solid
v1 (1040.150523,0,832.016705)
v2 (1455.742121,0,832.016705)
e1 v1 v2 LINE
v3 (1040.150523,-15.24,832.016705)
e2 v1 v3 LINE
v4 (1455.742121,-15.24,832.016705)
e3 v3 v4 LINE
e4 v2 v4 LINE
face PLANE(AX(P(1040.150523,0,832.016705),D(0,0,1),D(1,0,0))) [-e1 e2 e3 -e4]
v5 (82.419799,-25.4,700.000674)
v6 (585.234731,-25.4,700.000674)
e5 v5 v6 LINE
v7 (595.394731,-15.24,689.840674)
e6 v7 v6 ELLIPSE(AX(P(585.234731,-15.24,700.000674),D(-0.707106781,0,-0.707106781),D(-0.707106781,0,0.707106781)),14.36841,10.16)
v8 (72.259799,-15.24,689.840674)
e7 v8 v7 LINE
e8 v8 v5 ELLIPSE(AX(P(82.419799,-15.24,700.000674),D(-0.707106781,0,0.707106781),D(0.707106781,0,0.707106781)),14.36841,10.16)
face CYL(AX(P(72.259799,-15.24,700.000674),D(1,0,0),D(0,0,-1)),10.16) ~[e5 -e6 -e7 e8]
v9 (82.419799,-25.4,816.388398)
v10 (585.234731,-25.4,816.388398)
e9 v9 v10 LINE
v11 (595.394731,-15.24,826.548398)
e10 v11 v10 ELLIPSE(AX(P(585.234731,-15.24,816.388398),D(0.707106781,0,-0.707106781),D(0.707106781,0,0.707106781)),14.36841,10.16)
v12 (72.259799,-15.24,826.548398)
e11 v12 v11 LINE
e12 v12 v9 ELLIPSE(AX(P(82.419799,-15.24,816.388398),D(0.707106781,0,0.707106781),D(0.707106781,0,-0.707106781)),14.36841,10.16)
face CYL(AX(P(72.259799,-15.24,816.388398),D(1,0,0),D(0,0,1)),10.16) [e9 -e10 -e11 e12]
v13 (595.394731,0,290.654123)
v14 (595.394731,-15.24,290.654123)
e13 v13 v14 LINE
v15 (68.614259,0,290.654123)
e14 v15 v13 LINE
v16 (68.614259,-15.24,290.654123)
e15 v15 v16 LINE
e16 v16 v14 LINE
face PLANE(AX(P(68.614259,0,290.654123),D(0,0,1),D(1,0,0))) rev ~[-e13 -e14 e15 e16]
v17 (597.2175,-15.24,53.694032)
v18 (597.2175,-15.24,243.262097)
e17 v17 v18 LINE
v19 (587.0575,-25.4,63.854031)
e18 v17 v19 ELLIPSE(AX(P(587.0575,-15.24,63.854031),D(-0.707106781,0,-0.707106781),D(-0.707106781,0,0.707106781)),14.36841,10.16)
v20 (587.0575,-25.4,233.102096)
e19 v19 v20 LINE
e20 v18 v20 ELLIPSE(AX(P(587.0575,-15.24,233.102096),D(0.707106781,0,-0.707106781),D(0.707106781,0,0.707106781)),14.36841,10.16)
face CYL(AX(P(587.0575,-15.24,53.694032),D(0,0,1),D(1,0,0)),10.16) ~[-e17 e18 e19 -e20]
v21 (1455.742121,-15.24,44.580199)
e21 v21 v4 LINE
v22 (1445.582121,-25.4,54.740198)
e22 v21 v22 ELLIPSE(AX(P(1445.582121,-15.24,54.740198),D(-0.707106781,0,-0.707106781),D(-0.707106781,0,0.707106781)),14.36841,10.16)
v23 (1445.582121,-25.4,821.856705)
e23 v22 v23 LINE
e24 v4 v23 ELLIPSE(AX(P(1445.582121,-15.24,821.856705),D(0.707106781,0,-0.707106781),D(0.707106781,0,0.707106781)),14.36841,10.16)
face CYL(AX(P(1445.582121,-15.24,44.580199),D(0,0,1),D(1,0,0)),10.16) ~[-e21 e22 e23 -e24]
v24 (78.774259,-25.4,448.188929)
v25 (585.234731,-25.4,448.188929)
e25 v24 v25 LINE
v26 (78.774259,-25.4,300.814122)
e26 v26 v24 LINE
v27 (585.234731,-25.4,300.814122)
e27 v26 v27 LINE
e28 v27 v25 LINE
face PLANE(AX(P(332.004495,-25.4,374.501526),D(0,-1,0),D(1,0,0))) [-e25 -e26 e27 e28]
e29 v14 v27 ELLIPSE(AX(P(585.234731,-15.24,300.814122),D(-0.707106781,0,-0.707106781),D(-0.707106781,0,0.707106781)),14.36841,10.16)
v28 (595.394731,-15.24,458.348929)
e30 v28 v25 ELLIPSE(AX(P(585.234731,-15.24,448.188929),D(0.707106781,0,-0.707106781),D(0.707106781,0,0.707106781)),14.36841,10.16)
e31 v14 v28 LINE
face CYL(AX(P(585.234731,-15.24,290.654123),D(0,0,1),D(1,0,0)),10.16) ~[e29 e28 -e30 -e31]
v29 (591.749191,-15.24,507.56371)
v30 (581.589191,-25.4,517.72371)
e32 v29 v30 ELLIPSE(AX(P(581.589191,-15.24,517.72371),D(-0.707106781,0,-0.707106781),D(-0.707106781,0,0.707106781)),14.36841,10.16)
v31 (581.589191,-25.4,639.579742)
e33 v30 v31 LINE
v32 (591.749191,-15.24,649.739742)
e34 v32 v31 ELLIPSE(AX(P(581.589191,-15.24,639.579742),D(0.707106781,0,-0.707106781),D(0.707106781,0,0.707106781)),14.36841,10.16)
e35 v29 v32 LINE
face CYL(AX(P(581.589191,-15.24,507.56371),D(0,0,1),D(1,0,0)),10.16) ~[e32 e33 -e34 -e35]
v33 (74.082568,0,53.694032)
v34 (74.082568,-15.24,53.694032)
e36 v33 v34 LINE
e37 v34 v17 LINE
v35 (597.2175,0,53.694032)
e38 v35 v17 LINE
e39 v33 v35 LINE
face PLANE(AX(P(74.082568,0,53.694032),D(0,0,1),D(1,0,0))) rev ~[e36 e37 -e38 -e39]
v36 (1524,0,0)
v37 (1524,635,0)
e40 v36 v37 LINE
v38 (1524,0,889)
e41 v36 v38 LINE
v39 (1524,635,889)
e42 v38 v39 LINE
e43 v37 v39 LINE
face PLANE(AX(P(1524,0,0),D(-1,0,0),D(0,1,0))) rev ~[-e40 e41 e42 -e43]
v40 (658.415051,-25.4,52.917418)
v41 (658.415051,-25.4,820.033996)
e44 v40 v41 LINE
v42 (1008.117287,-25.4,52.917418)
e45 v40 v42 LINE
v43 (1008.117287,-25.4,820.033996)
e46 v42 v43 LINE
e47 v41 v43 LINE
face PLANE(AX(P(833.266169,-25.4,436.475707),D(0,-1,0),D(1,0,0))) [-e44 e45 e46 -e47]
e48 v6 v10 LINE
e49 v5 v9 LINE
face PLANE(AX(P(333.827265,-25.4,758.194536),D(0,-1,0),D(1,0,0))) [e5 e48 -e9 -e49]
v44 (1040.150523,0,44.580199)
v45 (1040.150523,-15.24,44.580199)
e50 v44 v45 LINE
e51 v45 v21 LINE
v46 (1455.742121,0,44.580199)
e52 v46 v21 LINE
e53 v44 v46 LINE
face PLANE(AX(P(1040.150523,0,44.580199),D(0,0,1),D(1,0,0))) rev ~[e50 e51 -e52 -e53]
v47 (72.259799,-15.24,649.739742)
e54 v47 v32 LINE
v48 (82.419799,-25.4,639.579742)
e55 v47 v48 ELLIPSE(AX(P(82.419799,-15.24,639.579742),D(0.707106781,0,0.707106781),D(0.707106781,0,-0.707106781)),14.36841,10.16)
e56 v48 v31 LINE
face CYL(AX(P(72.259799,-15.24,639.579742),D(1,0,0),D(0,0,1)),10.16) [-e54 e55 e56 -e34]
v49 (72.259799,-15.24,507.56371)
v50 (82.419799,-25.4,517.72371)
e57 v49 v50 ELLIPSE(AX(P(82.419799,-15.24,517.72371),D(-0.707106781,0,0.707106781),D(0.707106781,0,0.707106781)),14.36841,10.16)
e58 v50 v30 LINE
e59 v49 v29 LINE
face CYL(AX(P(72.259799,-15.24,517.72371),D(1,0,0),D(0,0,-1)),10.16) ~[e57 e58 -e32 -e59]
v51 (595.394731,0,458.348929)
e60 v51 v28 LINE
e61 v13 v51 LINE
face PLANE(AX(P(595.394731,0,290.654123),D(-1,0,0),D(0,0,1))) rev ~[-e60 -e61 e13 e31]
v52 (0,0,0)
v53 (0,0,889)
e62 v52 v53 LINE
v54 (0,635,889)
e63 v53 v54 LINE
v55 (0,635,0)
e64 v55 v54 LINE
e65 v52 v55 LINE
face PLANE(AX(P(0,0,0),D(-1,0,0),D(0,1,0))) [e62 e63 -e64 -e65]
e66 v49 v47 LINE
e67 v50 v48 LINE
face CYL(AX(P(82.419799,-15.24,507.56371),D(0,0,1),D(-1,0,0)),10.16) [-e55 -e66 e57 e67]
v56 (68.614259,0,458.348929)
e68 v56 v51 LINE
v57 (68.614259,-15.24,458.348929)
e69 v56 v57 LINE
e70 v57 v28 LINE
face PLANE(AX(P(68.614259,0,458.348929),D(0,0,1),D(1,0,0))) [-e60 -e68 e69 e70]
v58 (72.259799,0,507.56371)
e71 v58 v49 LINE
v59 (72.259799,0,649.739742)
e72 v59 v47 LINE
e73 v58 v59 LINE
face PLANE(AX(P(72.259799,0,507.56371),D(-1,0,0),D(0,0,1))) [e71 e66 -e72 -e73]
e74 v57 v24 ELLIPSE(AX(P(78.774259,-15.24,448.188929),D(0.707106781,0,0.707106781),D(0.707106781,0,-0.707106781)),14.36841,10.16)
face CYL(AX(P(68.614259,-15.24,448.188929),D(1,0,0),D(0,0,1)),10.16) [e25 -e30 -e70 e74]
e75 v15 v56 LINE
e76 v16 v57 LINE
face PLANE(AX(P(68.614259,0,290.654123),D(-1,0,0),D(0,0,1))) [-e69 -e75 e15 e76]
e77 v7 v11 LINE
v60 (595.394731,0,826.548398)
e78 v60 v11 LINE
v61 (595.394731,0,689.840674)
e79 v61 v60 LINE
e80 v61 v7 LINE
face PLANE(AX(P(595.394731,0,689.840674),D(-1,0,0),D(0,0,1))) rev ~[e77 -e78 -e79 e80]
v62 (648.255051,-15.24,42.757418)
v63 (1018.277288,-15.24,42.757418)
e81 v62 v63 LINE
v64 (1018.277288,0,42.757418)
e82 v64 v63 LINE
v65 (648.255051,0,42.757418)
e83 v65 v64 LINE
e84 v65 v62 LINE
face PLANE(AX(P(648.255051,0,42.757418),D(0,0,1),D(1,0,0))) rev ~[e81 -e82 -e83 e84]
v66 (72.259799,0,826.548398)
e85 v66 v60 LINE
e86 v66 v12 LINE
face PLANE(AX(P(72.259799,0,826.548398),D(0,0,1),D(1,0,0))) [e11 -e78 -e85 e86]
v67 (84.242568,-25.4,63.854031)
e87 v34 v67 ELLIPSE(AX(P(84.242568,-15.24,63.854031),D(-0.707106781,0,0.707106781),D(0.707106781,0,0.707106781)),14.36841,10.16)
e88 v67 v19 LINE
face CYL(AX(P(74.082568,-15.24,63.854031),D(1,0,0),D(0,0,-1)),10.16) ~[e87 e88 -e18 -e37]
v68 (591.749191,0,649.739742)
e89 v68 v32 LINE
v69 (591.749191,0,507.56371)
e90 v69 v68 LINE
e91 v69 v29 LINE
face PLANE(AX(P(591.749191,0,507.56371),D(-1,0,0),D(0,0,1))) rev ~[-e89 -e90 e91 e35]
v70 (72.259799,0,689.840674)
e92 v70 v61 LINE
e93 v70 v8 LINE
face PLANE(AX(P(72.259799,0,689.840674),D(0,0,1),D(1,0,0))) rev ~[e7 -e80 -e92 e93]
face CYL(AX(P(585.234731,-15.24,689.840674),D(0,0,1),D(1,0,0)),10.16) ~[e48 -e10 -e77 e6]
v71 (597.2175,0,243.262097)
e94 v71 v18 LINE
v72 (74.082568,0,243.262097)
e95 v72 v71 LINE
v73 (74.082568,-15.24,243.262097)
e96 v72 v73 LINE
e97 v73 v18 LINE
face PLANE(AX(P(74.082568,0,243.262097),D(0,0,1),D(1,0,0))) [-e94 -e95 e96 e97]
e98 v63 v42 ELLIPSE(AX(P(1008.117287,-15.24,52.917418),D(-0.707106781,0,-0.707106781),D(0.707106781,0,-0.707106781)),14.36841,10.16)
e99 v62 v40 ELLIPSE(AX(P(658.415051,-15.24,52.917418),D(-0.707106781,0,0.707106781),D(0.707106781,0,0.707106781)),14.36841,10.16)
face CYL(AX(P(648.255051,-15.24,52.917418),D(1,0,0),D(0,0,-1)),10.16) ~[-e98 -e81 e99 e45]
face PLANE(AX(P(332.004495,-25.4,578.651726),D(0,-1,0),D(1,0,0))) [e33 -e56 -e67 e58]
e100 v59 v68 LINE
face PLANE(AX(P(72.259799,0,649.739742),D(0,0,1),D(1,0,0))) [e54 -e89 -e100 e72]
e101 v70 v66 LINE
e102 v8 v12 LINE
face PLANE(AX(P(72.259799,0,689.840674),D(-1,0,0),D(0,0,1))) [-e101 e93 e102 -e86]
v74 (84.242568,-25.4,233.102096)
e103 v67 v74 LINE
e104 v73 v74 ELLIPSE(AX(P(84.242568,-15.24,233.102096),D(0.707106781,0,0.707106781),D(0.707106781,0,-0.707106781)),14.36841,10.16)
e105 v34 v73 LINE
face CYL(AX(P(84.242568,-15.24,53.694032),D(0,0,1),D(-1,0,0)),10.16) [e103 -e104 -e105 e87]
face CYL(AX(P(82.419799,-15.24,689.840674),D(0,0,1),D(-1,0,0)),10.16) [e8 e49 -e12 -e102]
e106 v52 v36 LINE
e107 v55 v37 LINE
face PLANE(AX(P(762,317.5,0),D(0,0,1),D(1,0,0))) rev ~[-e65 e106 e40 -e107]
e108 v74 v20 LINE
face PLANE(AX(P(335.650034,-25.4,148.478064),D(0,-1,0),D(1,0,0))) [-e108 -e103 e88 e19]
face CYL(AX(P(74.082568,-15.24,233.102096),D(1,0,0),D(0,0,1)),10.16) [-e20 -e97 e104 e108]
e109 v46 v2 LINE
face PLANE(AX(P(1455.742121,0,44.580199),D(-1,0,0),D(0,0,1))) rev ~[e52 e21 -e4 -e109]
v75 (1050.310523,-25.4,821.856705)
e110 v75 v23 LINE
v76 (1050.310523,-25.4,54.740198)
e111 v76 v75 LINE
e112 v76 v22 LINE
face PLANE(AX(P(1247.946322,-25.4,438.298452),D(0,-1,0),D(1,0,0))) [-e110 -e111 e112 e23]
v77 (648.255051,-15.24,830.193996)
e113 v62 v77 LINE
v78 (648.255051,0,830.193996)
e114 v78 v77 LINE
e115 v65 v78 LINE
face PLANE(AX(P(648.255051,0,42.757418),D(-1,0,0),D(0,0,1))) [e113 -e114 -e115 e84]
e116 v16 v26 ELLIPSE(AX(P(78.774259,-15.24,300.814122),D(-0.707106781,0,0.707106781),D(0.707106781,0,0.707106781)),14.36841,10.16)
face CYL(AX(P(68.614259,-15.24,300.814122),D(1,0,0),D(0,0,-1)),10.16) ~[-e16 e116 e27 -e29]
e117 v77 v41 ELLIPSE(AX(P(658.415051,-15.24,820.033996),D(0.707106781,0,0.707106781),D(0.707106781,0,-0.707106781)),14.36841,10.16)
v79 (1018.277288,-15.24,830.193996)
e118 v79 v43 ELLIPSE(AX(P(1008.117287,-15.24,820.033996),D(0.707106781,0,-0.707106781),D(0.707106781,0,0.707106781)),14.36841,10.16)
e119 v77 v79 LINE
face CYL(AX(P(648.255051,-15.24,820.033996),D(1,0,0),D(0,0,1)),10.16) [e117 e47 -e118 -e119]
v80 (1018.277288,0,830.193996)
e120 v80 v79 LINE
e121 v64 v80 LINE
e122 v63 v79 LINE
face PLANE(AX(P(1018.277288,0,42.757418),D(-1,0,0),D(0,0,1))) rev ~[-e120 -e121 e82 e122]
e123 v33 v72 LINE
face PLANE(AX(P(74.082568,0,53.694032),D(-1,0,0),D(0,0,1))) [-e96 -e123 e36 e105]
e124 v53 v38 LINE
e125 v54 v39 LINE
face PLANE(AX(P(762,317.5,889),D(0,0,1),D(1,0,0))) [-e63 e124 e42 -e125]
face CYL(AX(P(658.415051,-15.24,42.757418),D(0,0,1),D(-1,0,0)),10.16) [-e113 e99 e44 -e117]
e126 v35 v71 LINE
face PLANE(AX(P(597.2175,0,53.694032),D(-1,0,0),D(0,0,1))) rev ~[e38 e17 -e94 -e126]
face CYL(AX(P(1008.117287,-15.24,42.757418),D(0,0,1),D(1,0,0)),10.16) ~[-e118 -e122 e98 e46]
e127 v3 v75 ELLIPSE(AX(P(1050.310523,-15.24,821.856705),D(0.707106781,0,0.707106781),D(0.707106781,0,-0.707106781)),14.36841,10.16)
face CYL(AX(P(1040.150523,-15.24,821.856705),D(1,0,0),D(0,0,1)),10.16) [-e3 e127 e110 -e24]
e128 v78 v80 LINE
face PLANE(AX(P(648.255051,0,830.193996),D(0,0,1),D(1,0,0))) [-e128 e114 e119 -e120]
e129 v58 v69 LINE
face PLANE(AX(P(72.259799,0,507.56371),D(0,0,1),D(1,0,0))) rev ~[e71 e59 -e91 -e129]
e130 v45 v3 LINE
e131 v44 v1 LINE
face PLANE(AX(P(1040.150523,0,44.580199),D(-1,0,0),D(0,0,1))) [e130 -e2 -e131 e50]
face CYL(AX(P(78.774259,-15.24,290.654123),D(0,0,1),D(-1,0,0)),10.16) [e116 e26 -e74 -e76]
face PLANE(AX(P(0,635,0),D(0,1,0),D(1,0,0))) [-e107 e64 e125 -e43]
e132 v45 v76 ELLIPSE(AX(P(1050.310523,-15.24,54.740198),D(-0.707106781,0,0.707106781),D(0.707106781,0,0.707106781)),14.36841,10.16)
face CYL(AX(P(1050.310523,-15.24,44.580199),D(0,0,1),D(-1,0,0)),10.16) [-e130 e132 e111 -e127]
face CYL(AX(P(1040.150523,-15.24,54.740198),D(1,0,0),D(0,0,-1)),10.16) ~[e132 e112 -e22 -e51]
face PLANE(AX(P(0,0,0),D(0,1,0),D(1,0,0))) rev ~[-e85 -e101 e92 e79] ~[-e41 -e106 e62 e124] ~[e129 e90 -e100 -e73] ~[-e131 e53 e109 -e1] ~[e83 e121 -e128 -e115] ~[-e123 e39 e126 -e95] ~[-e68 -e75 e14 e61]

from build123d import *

# Parameters (mm, degrees)
F0_W     = 1524
F0_H     = 635
F1_DEPTH = 889
F2_W     = 415.591598
F2_H     = 787.436507
F2_W_2   = 370.022237
F2_H_2   = 787.436578
F2_W_3   = 523.134932
F2_H_3   = 136.707724
F2_W_4   = 519.489392
F2_H_4   = 142.176032
F2_W_5   = 526.780472
F2_H_5   = 167.694807
F2_H_6   = 189.568065
F3_DEPTH = 25.4
F4_R     = 10.16


with BuildPart() as f1:
    # F0 (on Top) → F1 (new body)
    with BuildSketch(Plane.XY):
        with Locations((762, 317.5)):
            Rectangle(F0_W, F0_H)
    extrude(amount=F1_DEPTH)

    # F2 (on face) → F3 (join)
    with BuildSketch(Plane.XZ):
        with Locations((1247.946322, 438.298452)):
            Rectangle(F2_W, F2_H)
        with Locations((833.266169, 436.475707)):
            Rectangle(F2_W_2, F2_H_2)
        with Locations((333.827265, 758.194536)):
            Rectangle(F2_W_3, F2_H_3)
        with Locations((332.004495, 578.651726)):
            Rectangle(F2_W_4, F2_H_4)
        with Locations((332.004495, 374.501526)):
            Rectangle(F2_W_5, F2_H_5)
        with Locations((335.650034, 148.478064)):
            Rectangle(F2_W_3, F2_H_6)
    extrude(amount=F3_DEPTH)

    # F4
    f4_edges = [f1.edges().sort_by_distance(p)[0] for p in [
        (595.394731, -25.4, 758.194536),
        (333.827265, -25.4, 826.548398),
        (72.259799, -25.4, 758.194536),
        (333.827265, -25.4, 689.840674),
        (833.266169, -25.4, 42.757418),
        (1018.277287, -25.4, 436.475707),
        (833.266169, -25.4, 830.193996),
        (648.25505, -25.4, 436.475707),
        (1455.742121, -25.4, 438.298453),
        (1247.946322, -25.4, 832.016706),
        (1040.150523, -25.4, 438.298453),
        (1247.946322, -25.4, 44.580199),
        (591.749191, -25.4, 578.651726),
        (332.004495, -25.4, 649.739742),
        (72.259799, -25.4, 578.651726),
        (332.004495, -25.4, 507.56371),
        (595.394731, -25.4, 374.501526),
        (332.004495, -25.4, 458.34893),
        (68.614259, -25.4, 374.501526),
        (332.004495, -25.4, 290.654123),
        (597.2175, -25.4, 148.478065),
        (335.650034, -25.4, 243.262097),
        (74.082568, -25.4, 148.478065),
        (335.650034, -25.4, 53.694032),
    ]]
    fillet(f4_edges, radius=F4_R)


solid = f1.part
